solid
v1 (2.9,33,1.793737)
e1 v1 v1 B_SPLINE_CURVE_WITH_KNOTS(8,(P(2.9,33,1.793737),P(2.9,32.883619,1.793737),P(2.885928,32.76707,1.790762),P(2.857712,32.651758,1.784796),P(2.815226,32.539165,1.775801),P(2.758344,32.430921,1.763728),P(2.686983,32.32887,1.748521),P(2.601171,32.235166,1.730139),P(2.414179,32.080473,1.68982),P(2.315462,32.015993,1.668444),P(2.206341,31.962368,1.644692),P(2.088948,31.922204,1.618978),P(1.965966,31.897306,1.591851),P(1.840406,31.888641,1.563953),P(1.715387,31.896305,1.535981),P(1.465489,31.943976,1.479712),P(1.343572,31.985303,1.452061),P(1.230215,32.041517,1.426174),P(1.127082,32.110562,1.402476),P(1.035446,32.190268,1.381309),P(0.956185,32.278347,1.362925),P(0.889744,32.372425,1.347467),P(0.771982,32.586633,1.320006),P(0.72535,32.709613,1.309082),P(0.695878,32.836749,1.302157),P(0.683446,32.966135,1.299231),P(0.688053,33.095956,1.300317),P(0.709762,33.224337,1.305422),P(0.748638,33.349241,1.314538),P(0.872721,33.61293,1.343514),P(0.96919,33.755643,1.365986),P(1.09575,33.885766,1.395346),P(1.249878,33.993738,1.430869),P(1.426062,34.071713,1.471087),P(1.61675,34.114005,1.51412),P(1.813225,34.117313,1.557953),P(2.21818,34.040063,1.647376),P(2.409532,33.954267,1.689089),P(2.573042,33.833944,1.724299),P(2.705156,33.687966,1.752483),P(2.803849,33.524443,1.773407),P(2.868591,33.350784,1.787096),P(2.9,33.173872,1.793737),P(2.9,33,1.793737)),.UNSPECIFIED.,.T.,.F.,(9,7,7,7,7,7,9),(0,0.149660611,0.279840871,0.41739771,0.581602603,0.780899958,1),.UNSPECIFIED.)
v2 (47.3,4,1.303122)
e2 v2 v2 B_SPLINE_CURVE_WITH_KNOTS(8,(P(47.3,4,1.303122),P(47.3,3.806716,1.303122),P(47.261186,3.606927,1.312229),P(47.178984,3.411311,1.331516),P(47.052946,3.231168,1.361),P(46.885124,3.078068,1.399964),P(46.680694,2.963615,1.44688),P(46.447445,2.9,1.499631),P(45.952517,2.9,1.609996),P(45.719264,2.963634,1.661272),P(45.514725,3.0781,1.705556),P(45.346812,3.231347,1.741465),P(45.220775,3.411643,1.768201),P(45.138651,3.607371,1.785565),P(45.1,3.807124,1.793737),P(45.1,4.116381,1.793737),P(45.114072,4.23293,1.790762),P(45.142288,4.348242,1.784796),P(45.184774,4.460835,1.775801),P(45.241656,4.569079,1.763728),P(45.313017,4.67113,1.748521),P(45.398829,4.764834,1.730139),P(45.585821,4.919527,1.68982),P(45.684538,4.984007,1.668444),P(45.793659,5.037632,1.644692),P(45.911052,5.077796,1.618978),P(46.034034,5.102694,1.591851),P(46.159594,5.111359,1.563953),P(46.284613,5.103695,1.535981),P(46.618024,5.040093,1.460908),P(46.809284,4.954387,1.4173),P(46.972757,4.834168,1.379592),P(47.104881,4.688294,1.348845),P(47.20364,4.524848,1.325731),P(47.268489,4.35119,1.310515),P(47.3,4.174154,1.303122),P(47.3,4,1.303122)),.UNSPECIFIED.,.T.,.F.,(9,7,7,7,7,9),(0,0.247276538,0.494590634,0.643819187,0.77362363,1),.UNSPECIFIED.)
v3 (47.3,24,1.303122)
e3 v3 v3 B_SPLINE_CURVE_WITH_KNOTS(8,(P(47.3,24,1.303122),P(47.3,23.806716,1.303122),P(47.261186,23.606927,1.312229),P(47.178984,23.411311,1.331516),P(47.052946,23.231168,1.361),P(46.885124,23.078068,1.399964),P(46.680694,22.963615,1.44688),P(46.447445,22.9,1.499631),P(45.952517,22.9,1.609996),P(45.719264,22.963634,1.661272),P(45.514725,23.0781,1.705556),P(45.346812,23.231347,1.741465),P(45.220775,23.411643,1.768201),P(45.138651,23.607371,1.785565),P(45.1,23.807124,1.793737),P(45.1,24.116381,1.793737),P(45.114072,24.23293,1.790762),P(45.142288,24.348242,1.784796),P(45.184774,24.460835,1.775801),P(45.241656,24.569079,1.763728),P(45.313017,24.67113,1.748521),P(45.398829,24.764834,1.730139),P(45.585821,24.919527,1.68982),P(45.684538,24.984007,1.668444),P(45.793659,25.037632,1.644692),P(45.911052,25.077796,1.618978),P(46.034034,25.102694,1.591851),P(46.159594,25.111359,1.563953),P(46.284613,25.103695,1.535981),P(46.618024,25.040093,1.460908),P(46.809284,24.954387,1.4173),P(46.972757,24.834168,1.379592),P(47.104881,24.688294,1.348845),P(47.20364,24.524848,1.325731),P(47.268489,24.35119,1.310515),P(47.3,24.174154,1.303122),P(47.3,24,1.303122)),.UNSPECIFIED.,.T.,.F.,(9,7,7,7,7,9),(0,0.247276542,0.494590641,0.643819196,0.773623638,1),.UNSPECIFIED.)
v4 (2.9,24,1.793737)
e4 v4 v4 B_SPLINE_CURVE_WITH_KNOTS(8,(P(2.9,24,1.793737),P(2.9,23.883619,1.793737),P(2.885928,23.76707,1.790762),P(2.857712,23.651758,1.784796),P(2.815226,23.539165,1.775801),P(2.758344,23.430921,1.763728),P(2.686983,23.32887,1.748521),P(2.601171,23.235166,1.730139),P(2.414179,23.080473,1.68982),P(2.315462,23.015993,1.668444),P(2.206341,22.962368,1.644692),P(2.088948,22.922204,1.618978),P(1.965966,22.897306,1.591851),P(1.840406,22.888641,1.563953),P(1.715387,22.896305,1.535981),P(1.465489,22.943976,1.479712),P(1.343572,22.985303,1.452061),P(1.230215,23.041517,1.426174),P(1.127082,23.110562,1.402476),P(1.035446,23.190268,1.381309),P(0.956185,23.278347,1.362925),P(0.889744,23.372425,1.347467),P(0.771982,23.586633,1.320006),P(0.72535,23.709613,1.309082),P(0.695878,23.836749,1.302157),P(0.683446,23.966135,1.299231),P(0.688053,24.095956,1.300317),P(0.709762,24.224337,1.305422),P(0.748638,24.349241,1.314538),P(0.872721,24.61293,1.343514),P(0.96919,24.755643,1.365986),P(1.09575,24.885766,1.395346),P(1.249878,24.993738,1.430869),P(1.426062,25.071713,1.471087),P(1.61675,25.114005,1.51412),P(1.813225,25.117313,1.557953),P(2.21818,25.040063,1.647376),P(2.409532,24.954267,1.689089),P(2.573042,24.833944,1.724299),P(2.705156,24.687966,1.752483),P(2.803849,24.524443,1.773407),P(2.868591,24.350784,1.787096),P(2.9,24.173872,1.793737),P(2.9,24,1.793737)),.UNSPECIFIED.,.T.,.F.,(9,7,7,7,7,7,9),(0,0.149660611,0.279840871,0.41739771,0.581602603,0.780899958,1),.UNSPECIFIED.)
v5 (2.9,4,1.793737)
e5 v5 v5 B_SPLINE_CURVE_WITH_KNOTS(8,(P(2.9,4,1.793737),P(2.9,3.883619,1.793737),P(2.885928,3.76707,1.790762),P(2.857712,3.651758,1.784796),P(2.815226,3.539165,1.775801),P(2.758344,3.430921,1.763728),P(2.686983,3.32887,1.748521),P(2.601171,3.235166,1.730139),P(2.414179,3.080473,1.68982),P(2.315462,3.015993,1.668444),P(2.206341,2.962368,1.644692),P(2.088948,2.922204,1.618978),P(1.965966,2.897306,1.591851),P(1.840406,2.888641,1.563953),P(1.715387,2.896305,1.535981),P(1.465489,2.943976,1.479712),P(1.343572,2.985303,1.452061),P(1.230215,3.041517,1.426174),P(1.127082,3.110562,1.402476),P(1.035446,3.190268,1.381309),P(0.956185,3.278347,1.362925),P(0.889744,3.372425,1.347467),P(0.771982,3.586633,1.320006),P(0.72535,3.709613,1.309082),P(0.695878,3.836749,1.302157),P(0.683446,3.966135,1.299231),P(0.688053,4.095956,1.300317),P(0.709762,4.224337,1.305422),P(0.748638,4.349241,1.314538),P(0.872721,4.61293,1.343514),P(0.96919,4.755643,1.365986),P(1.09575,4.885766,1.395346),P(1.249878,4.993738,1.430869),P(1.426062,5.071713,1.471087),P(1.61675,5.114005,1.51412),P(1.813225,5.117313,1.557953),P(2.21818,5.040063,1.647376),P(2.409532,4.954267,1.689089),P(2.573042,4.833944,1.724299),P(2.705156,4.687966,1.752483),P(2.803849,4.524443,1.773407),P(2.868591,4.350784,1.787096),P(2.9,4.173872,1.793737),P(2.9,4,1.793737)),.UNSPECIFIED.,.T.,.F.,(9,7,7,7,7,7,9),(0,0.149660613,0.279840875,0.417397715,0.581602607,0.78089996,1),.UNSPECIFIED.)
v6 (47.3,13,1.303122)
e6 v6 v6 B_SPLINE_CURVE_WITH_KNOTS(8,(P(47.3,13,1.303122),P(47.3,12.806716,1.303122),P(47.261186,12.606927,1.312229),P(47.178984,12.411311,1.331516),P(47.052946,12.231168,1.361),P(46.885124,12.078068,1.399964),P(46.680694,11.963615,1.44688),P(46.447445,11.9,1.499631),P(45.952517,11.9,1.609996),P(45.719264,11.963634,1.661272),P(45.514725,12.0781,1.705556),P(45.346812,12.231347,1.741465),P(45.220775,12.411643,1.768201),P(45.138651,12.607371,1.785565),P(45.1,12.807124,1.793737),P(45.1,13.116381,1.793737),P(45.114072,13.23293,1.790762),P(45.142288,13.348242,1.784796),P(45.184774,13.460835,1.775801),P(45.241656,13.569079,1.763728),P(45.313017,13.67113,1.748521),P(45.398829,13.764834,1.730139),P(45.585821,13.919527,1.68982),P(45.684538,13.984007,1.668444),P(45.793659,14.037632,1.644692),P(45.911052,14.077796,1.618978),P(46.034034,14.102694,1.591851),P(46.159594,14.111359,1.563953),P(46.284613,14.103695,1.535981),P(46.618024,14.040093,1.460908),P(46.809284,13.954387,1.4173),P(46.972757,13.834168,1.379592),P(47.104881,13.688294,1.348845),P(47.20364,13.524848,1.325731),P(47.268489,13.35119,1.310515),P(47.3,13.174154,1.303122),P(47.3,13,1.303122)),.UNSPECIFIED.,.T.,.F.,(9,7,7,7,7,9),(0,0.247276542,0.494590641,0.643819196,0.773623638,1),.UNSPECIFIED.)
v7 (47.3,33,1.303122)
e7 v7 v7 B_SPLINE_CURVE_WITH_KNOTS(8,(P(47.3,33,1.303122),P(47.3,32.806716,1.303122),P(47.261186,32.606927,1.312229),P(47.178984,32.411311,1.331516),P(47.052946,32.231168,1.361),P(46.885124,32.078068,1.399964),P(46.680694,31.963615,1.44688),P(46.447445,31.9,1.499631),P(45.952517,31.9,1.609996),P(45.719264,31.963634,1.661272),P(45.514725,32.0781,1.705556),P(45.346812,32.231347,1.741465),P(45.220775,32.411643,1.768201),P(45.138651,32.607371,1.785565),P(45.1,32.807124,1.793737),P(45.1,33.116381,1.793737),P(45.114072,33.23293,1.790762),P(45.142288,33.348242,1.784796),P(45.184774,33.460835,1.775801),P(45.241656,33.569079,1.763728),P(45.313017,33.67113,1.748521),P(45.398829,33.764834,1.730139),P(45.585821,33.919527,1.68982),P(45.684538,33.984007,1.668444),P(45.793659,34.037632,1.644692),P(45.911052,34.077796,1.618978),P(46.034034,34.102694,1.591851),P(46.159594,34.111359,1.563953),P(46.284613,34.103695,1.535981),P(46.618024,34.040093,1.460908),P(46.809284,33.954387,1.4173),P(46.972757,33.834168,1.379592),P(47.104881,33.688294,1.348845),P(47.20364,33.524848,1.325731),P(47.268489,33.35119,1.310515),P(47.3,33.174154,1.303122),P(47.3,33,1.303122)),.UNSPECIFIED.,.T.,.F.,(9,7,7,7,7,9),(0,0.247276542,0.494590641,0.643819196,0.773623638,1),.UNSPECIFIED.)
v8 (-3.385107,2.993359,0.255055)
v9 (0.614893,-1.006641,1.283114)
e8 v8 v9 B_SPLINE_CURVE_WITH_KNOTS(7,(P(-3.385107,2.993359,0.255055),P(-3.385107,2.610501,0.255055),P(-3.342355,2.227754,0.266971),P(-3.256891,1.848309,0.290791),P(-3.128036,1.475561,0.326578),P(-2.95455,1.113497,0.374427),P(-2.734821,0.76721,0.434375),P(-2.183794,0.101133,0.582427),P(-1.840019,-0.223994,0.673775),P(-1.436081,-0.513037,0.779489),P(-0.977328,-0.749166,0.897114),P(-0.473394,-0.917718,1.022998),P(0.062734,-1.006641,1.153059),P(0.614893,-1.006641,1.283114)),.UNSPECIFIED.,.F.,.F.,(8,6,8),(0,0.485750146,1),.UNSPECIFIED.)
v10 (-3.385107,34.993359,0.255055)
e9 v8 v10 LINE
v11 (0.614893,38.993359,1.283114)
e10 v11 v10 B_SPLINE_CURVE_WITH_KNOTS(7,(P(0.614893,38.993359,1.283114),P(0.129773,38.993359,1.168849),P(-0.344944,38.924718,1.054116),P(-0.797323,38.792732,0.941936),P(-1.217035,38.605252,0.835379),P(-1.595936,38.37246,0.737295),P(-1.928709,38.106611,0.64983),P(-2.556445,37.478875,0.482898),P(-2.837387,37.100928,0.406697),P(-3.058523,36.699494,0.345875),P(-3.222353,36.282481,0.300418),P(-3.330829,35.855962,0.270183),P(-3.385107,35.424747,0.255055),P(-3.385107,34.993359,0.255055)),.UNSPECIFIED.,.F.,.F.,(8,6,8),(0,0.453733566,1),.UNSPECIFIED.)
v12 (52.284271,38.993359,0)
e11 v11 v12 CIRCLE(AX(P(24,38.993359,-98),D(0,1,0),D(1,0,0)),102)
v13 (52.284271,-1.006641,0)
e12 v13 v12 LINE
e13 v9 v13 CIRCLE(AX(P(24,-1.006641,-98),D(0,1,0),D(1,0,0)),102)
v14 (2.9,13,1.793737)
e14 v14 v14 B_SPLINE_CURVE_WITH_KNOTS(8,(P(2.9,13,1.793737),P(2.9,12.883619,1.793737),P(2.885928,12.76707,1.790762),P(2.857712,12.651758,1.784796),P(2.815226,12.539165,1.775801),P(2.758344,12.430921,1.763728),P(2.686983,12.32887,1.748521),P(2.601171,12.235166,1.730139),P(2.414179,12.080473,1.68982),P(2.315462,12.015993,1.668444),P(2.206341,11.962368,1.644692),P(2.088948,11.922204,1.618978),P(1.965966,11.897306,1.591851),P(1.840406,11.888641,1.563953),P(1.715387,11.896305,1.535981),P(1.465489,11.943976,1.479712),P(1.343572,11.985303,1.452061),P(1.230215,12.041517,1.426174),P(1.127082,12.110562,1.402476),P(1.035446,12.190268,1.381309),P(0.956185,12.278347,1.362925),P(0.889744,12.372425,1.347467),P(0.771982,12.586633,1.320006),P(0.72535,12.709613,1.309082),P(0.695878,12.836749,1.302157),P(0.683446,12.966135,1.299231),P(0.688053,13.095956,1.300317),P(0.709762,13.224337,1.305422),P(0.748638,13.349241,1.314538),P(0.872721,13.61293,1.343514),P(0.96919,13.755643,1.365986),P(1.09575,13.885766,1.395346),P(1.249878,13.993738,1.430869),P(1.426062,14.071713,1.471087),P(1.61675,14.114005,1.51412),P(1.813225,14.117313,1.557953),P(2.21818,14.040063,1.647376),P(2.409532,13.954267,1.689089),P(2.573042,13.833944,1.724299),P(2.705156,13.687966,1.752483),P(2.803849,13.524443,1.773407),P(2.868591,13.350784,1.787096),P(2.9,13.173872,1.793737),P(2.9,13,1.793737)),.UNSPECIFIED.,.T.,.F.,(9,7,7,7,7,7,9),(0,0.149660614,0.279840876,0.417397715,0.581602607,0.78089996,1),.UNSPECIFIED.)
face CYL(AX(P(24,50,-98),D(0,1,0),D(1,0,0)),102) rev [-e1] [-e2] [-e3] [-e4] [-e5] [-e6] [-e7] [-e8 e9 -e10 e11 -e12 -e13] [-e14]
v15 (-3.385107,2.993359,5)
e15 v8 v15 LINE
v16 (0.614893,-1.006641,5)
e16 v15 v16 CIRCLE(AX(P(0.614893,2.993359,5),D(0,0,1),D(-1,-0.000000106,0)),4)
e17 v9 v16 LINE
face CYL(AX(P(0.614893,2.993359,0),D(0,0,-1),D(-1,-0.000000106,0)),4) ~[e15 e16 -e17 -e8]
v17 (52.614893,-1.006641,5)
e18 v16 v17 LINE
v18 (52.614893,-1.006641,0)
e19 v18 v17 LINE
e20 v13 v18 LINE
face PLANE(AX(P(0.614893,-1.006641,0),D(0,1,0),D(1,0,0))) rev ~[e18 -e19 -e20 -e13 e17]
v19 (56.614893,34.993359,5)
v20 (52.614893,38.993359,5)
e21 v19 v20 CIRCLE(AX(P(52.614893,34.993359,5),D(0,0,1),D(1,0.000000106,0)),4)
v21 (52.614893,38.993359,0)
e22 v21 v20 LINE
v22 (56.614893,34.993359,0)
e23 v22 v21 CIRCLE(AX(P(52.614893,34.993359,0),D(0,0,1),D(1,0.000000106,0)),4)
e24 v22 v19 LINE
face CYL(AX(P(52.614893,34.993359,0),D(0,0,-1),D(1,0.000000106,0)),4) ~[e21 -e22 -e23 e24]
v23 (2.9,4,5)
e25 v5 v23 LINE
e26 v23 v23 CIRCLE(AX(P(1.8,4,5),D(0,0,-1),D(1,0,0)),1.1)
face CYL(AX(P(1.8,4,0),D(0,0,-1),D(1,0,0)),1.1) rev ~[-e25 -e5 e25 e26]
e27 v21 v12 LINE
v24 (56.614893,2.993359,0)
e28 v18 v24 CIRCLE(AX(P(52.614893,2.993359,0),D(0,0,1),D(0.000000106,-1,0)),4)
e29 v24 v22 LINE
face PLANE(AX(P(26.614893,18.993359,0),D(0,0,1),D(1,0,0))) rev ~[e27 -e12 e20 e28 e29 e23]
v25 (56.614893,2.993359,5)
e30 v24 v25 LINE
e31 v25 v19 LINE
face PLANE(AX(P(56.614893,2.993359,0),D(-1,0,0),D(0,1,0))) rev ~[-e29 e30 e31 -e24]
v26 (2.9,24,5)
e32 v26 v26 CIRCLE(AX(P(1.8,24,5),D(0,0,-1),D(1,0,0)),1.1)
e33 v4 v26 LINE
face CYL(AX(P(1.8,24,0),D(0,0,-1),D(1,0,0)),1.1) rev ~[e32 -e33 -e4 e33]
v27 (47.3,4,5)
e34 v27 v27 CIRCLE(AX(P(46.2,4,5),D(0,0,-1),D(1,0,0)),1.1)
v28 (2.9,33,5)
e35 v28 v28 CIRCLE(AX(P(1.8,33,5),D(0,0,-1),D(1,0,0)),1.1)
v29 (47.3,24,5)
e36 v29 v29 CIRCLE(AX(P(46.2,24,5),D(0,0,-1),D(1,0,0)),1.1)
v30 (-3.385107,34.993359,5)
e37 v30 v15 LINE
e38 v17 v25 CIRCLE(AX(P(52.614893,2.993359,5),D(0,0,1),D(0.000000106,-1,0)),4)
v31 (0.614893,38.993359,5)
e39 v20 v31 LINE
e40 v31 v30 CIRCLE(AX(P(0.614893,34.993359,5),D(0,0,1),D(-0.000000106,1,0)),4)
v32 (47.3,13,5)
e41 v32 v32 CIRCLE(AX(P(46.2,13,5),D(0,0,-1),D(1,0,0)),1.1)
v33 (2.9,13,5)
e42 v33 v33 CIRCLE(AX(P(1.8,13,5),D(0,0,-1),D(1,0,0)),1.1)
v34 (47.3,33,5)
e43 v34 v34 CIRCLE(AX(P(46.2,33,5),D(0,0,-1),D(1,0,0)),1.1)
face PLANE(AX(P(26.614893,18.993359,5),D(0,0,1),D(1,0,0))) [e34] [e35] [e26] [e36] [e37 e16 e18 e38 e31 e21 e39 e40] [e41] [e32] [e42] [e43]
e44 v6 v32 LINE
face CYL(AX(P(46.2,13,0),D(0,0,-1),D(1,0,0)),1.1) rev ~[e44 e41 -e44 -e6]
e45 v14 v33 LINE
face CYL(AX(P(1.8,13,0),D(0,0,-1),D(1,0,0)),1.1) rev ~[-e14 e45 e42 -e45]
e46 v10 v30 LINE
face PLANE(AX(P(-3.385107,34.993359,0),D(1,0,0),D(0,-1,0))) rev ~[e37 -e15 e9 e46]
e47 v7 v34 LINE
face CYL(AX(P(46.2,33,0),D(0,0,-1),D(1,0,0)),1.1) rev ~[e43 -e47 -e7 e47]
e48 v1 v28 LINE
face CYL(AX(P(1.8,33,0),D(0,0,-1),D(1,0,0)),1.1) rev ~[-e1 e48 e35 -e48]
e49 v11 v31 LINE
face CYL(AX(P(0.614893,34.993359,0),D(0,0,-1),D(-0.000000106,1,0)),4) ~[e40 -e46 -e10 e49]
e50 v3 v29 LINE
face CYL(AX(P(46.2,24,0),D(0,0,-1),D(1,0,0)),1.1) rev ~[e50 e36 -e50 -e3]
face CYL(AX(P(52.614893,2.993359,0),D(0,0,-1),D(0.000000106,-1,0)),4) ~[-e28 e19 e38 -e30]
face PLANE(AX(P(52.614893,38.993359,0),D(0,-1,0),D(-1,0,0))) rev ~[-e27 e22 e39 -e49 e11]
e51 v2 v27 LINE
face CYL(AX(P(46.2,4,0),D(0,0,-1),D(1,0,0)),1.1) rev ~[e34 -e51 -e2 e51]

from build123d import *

# Parameters (mm, degrees)
CYLINDER_R     = 102
CYLINDER_DEPTH = 80
PAD_DEPTH      = 5
SKETCH008_R    = 1.1
POCKET_DEPTH   = 8


with BuildPart() as cylinder:
    # Cylinder → Cylinder (new body)
    with BuildSketch(Plane(origin=(24, 50, -98), x_dir=(1, 0, 0), z_dir=(0, -1, 0))):
        Circle(CYLINDER_R)
    extrude(amount=CYLINDER_DEPTH)


with BuildPart() as cut:
    # Sketch → Pad (new body)
    with BuildSketch(Plane.XY):
        with BuildLine():
            Line((0.614893, -1.006641), (52.614893, -1.006641))
            ThreePointArc((52.614893, -1.006641), (55.44332, 0.164932), (56.614893, 2.993359))
            Line((56.614893, 2.993359), (56.614893, 34.993359))
            ThreePointArc((56.614893, 34.993359), (55.44332, 37.821786), (52.614893, 38.993359))
            Line((52.614893, 38.993359), (0.614893, 38.993359))
            ThreePointArc((0.614893, 38.993359), (-2.213534, 37.821786), (-3.385107, 34.993359))
            Line((-3.385107, 34.993359), (-3.385107, 2.993359))
            ThreePointArc((-3.385107, 2.993359), (-2.213534, 0.164932), (0.614893, -1.006641))
        make_face()
    extrude(amount=PAD_DEPTH)

    # Sketch008 → Pocket (cut)
    with BuildSketch(Plane(origin=(0, 0, 0), x_dir=(1, 0, 0), z_dir=(0, 0, -1))):
        with Locations((1.8, -4)):
            Circle(SKETCH008_R)
        with Locations((1.8, -13)):
            Circle(SKETCH008_R)
        with Locations((1.8, -24)):
            Circle(SKETCH008_R)
        with Locations((1.8, -33)):
            Circle(SKETCH008_R)
        with Locations((46.2, -4)):
            Circle(SKETCH008_R)
        with Locations((46.2, -13)):
            Circle(SKETCH008_R)
        with Locations((46.2, -24)):
            Circle(SKETCH008_R)
        with Locations((46.2, -33)):
            Circle(SKETCH008_R)
    extrude(amount=-POCKET_DEPTH, mode=Mode.SUBTRACT)

    # Cut: cut Cylinder
    add(cylinder.part, mode=Mode.SUBTRACT)


solid = cut.part
